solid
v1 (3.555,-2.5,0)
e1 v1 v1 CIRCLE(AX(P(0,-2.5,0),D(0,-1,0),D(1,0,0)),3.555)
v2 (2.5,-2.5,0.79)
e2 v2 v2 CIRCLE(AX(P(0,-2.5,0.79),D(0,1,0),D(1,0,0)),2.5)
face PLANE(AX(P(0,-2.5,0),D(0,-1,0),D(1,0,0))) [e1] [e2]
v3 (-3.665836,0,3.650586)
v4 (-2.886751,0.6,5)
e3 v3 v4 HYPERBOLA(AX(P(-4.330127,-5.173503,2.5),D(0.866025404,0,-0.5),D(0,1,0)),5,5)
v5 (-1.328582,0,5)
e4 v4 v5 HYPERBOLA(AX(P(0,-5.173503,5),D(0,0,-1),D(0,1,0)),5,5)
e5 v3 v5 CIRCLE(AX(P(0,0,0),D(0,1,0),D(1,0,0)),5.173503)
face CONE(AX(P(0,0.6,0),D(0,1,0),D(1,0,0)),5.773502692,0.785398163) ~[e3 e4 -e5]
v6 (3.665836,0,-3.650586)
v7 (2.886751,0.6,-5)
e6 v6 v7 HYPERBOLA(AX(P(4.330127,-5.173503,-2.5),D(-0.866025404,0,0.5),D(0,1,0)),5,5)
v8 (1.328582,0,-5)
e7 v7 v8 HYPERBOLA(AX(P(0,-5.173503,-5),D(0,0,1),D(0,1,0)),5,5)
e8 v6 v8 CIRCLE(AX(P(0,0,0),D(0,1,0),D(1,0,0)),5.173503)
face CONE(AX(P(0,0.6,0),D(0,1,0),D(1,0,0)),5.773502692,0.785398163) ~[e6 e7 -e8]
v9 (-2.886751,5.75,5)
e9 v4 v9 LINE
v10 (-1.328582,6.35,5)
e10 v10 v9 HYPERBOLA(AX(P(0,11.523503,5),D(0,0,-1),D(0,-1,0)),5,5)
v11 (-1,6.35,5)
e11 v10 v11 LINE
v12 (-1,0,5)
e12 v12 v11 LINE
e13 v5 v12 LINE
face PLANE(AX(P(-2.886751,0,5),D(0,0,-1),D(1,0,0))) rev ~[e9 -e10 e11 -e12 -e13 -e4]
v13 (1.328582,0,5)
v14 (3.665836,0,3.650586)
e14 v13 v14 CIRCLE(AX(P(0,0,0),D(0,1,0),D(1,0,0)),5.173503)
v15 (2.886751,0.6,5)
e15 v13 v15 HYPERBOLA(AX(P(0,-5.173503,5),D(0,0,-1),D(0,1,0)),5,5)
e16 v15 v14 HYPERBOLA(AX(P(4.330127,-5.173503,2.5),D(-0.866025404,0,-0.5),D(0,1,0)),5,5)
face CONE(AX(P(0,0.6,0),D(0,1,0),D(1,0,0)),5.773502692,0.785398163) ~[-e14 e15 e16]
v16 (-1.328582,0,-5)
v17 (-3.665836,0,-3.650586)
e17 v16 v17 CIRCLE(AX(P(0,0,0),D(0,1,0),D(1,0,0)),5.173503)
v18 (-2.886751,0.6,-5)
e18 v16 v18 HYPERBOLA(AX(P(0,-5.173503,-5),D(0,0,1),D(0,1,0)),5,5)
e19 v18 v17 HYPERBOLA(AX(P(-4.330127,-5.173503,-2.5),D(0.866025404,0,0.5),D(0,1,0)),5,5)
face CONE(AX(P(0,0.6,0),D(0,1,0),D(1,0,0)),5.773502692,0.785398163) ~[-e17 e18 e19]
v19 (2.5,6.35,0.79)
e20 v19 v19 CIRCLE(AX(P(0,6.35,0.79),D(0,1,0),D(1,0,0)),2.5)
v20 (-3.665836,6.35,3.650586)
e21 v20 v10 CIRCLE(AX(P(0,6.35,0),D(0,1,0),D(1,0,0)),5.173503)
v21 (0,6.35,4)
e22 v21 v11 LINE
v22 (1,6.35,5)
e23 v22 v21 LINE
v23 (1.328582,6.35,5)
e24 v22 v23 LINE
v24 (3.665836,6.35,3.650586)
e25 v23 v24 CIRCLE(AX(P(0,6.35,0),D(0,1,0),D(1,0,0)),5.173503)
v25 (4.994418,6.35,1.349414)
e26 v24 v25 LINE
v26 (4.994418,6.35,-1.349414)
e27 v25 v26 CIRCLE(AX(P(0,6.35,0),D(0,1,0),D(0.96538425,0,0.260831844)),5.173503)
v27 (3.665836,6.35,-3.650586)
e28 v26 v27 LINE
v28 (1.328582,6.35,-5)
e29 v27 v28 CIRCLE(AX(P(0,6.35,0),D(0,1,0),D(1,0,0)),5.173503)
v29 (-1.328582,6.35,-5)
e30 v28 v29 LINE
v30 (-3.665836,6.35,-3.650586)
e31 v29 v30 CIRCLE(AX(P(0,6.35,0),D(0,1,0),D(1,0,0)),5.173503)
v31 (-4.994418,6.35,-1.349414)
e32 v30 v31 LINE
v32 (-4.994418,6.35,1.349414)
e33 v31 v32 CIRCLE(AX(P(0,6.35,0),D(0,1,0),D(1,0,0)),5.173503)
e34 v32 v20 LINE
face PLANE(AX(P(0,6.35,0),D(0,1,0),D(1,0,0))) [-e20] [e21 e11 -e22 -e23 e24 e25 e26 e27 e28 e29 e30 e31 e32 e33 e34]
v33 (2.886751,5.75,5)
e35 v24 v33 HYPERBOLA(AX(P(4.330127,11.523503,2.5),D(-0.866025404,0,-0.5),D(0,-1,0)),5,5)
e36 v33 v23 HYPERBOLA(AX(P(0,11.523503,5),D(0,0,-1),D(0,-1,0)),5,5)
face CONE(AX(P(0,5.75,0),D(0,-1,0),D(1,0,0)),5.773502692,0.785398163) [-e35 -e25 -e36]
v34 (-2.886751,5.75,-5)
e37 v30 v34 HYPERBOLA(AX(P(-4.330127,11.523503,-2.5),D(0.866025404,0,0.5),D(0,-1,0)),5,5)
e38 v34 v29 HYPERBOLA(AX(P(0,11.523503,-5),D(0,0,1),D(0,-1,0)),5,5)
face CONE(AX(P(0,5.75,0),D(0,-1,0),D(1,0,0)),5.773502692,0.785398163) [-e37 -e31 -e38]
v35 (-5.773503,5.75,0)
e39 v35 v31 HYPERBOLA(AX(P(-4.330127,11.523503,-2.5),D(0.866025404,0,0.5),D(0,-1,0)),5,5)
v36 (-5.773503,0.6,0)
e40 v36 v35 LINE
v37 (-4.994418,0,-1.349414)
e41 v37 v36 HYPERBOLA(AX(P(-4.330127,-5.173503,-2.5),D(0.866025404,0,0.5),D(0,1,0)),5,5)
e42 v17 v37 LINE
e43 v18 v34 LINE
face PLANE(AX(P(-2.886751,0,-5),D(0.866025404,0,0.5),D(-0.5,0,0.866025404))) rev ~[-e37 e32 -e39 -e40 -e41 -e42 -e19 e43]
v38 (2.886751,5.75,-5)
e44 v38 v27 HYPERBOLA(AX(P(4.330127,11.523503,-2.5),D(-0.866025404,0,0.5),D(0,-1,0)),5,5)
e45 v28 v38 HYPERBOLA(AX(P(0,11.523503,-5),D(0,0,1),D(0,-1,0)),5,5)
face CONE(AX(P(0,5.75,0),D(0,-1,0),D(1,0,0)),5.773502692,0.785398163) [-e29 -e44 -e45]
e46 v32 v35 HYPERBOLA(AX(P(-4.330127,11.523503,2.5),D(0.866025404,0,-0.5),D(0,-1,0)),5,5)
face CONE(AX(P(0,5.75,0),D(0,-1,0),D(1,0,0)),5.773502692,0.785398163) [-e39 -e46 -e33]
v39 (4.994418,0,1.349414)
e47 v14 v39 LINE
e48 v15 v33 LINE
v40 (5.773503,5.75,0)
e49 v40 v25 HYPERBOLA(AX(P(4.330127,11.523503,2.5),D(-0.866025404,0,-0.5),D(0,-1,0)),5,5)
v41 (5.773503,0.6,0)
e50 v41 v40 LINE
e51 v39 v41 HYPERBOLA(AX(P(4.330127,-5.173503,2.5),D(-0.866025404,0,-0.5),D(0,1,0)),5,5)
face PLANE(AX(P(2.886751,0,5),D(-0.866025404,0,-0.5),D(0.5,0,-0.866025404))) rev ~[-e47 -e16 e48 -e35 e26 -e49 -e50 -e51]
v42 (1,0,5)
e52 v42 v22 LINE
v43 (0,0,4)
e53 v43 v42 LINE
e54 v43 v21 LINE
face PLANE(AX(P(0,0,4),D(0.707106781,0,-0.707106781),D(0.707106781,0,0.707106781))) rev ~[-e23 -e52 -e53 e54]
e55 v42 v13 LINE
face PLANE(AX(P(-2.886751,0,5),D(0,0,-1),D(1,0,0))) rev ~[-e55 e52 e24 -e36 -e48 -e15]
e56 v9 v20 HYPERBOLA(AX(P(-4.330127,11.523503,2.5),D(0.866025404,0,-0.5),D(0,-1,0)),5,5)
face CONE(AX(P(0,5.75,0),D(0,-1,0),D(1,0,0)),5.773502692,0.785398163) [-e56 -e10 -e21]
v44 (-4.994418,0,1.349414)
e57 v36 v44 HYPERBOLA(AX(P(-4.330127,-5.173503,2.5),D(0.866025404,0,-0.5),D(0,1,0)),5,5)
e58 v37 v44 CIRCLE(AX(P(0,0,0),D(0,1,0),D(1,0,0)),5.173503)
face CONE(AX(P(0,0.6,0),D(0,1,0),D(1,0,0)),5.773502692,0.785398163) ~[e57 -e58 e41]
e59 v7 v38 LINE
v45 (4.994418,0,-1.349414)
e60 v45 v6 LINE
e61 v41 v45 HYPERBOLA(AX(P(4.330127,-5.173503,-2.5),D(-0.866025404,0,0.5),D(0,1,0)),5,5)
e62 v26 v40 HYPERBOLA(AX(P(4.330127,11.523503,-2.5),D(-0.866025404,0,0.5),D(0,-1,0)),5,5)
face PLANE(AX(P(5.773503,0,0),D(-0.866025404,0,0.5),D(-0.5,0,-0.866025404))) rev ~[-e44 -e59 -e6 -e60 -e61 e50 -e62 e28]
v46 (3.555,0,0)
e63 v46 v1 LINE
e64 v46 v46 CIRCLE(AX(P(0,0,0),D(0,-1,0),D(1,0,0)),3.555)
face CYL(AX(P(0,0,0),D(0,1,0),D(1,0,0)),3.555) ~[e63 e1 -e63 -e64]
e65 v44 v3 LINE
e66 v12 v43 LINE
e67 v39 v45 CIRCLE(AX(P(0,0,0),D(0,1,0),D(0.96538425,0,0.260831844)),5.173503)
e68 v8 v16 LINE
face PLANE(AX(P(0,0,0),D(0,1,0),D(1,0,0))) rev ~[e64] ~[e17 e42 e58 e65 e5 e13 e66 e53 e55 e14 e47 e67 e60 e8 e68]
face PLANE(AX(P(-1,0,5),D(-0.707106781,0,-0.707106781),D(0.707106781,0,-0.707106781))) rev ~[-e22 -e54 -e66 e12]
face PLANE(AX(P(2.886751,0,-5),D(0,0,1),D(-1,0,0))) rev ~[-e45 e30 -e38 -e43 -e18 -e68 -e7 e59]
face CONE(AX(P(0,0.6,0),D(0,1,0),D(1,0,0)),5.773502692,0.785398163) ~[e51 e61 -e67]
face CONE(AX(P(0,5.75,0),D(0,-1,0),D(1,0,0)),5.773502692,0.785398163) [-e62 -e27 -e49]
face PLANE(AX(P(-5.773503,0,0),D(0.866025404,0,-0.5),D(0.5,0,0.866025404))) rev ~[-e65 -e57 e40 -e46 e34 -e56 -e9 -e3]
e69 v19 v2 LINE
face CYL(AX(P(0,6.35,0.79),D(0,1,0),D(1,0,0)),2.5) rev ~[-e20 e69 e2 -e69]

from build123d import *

# Parameters (mm, degrees)
BOSS_EXTRUDE1_DEPTH = 6.35
SKETCH3_R           = 3.555
BOSS_EXTRUDE3_DEPTH = 2.5
SKETCH4_R           = 2.5
CUT_EXTRUDE1_DEPTH  = 9.85
CUT_EXTRUDE2_DEPTH  = 7.35


with BuildPart() as part:
    # Sketch1 → Boss-Extrude1 (new body)
    with BuildSketch(Plane(origin=(0, 0, 0), x_dir=(1, 0, 0), z_dir=(0, 1, 0))):
        Polygon((5.773502692, 0), (2.886751346, 5), (-2.886751346, 5), (-5.773502692, 0), (-2.886751346, -5), (2.886751346, -5), align=None)
    extrude(amount=BOSS_EXTRUDE1_DEPTH)

    # Sketch3 → Boss-Extrude3 (add)
    with BuildSketch(Plane.XZ):
        Circle(SKETCH3_R)
    extrude(amount=BOSS_EXTRUDE3_DEPTH)

    # Sketch4 → Cut-Extrude1 (cut, through all)
    with BuildSketch(Plane(origin=(0, 6.35, 0), x_dir=(1, 0, 0), z_dir=(0, 1, 0))):
        with Locations((0, -0.79)):
            Circle(SKETCH4_R)
    extrude(amount=-CUT_EXTRUDE1_DEPTH, mode=Mode.SUBTRACT)

    # Sketch5 → Cut-Extrude2 (cut, through all)
    with BuildSketch(Plane(origin=(0, 0, 0), x_dir=(-1, 0, 0), z_dir=(0, -1, 0))):
        Polygon((-1, -5), (1, -5), (0, -4), align=None)
    extrude(amount=-CUT_EXTRUDE2_DEPTH, mode=Mode.SUBTRACT)

    # Sketch6 → Cut-Revolve1 (revolve, cut)
    with BuildSketch(Plane.XY):
        Polygon((5.173502692, 6.35), (5.773502692, 6.35), (5.773502692, 5.75), align=None)
        Polygon((5.773502692, 0.6), (5.173502692, 0), (5.773502692, 0), align=None)
    revolve(axis=Axis((0, 0, 0), (0, 1, 0)), mode=Mode.SUBTRACT)


solid = part.part
